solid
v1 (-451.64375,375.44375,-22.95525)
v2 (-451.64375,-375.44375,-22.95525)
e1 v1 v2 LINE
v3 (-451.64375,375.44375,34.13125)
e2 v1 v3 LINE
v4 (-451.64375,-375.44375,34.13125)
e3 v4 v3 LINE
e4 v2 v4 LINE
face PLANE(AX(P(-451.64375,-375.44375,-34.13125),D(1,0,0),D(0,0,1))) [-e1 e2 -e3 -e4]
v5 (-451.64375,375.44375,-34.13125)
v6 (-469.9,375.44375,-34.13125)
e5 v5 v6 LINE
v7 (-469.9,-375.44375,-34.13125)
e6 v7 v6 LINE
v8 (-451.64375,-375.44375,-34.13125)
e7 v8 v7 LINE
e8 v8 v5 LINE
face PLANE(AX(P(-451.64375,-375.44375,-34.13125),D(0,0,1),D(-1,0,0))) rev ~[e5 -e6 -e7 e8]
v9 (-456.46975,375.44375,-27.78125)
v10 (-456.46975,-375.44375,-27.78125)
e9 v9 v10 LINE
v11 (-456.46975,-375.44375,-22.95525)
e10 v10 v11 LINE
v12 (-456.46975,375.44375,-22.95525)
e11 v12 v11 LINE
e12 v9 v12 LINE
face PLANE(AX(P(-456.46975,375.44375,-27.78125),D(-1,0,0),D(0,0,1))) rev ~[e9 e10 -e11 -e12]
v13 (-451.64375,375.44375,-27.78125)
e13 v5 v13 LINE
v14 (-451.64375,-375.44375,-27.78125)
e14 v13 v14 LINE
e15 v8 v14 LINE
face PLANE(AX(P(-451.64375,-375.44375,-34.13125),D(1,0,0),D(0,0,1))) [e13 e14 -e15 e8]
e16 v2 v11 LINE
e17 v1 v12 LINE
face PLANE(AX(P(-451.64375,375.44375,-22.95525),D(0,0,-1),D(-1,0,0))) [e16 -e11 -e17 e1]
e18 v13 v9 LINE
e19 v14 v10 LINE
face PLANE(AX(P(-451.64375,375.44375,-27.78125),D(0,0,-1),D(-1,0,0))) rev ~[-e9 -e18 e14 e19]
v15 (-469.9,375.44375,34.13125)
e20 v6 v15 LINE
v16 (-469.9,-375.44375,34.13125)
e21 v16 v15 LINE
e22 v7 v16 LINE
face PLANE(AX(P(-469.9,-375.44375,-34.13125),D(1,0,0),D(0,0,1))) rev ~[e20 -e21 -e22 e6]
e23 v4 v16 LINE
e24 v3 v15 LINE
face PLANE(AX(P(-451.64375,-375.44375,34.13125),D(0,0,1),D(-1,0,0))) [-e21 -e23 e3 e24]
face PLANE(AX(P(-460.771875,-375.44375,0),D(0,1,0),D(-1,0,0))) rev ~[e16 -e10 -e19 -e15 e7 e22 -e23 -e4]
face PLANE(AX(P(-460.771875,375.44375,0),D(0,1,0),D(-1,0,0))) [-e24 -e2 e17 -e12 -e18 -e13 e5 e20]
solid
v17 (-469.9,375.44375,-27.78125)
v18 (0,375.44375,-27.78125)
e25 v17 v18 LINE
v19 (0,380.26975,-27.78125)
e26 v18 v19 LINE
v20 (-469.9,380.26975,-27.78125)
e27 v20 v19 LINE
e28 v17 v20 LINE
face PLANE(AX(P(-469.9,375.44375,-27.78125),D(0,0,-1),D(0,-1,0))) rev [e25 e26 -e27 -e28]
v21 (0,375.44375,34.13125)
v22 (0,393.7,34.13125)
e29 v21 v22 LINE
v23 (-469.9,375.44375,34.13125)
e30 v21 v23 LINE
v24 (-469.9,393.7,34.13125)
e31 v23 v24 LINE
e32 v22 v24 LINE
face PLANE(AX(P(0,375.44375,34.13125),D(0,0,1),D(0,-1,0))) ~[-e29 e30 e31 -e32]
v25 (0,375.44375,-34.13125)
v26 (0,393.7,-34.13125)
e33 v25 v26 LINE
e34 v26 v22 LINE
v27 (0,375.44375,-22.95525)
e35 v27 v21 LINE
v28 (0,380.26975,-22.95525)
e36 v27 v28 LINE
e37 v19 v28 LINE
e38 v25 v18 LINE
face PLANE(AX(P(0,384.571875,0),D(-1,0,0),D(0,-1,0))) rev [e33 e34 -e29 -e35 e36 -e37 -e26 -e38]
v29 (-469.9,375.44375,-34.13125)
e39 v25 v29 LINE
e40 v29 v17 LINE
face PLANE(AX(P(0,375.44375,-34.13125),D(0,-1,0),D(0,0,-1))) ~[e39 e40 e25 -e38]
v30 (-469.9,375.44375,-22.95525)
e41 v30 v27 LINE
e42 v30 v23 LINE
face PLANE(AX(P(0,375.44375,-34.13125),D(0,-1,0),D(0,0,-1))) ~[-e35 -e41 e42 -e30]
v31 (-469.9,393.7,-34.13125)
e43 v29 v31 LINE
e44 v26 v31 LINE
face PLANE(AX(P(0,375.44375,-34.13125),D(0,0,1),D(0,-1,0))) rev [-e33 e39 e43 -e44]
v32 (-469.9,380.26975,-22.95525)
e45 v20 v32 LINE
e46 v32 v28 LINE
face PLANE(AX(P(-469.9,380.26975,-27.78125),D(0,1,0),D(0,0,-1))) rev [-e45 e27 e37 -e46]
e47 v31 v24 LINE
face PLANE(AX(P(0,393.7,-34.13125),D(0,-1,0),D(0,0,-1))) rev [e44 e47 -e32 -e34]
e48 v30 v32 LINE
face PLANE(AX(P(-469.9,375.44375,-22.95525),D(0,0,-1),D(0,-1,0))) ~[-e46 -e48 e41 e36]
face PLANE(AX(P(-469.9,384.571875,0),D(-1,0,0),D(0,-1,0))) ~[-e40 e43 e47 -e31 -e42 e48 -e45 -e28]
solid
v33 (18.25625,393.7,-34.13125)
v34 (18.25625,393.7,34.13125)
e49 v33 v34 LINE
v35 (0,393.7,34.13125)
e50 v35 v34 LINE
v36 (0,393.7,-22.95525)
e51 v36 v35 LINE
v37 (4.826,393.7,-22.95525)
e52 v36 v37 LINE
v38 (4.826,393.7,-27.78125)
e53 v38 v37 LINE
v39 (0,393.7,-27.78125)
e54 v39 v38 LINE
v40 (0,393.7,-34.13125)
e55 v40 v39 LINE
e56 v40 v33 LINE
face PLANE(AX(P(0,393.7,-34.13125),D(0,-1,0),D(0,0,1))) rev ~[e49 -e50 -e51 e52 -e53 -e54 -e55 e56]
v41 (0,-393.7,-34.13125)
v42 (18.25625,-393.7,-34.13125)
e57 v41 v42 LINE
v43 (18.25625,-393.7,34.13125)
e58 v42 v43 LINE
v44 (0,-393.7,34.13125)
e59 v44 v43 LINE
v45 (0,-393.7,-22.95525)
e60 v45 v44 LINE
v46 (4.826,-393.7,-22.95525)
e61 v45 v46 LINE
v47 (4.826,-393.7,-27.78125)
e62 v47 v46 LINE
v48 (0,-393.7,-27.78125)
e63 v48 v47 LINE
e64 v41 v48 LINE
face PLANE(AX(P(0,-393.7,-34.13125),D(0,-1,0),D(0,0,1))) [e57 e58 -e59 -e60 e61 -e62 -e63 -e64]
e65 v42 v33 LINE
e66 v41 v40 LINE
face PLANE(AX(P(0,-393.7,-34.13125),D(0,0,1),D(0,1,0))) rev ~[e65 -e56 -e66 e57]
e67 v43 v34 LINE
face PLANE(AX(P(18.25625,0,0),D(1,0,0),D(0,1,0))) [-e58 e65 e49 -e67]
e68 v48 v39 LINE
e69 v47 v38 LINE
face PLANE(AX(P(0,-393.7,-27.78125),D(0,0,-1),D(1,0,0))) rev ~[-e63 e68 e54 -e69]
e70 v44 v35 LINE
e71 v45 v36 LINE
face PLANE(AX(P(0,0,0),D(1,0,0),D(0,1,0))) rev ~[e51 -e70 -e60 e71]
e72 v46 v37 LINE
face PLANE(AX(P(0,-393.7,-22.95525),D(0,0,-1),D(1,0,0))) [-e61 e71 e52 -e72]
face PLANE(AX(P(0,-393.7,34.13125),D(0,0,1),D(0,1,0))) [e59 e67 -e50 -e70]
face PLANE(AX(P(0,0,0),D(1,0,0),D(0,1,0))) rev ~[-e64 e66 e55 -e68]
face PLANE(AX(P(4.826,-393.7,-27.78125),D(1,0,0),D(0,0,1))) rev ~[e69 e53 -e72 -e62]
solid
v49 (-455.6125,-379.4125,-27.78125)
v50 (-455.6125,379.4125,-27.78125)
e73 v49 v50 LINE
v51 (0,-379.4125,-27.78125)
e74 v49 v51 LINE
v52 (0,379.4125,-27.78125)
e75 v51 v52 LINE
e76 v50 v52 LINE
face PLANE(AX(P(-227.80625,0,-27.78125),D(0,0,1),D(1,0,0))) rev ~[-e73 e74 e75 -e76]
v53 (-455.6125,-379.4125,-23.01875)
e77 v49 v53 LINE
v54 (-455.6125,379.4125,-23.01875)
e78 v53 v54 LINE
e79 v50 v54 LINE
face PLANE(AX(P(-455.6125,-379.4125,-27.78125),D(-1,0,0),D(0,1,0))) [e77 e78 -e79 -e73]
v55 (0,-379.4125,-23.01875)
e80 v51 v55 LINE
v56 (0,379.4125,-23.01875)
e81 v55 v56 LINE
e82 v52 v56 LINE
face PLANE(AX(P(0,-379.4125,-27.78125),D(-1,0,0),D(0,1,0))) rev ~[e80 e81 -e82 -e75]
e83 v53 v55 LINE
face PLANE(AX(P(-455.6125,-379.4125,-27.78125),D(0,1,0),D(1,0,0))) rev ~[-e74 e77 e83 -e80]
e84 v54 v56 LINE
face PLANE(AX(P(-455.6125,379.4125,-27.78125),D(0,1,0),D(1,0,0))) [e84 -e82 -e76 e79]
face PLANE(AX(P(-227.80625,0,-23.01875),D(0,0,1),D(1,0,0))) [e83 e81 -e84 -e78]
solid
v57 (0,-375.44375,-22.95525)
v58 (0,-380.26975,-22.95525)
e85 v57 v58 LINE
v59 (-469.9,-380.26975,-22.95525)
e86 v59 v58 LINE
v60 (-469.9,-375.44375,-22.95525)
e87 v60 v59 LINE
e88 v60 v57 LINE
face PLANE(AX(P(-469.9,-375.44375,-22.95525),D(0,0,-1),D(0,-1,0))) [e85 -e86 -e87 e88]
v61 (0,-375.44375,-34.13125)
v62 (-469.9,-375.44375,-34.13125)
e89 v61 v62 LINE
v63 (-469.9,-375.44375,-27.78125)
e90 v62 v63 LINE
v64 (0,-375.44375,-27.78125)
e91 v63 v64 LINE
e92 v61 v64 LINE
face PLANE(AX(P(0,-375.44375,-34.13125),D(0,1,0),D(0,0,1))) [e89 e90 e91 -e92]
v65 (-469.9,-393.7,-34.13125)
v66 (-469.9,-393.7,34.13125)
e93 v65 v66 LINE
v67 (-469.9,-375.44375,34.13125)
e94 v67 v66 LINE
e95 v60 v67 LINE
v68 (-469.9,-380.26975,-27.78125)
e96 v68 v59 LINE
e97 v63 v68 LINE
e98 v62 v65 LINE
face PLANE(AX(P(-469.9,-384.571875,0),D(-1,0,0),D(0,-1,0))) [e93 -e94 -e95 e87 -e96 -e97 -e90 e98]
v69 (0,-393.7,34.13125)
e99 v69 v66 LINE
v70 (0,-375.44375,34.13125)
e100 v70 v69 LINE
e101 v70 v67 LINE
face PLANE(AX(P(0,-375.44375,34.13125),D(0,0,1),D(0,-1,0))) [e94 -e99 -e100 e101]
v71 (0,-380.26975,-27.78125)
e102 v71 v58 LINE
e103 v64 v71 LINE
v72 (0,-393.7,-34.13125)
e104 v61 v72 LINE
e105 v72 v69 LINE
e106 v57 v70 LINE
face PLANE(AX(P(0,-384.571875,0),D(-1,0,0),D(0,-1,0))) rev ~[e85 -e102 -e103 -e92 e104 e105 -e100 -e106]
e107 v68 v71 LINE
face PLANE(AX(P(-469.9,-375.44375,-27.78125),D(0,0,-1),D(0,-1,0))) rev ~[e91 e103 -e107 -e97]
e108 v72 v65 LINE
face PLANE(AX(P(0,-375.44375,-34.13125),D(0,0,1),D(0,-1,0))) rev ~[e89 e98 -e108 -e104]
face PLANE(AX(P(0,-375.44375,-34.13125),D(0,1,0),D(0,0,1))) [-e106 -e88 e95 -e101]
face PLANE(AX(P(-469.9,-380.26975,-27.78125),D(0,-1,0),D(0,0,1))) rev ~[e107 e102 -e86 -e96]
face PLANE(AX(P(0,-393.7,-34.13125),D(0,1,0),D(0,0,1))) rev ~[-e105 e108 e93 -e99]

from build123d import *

# Parameters (mm, degrees)
F0_W      = 787.4
F0_H      = 68.2625
F1_DEPTH  = 18.25625
F2_W      = 18.25625
F2_H      = 68.2625
F3_DEPTH  = 469.9
F4_W      = 4.826
F4_H      = 4.826
F5_DEPTH  = 787.401
F6_W      = 4.826
F6_H      = 4.826
F7_DEPTH  = 469.9
F9_W      = 18.25625
F9_H      = 68.2625
F10_DEPTH = 750.8875
F11_W     = 4.826
F11_H     = 4.826
F12_DEPTH = 750.8875
F13_W     = 455.6125
F13_H     = 758.825
F14_DEPTH = 4.7625


with BuildPart() as f1:
    # F0 (on Right) → F1 (new body)
    with BuildSketch(Plane.YZ):
        Rectangle(F0_W, F0_H)
    extrude(amount=F1_DEPTH)

    # F4 (on face) → F5 (cut, through all)
    with BuildSketch(Plane.XZ.offset(393.7)):
        with Locations((2.413, -25.36825)):
            Rectangle(F4_W, F4_H)
    extrude(amount=-F5_DEPTH, mode=Mode.SUBTRACT)


with BuildPart() as f3:
    # F2 (on face) → F3 (new body)
    with BuildSketch(Plane(origin=(0, 0, 0), x_dir=(0, -1, 0), z_dir=(-1, 0, 0))):
        with Locations((384.571875, 0)):
            Rectangle(F2_W, F2_H)
    extrude(amount=F3_DEPTH)

    # F6 (on face) → F7 (cut, through all)
    with BuildSketch(Plane(origin=(-469.9, 0, 0), x_dir=(0, -1, 0), z_dir=(-1, 0, 0))):
        with Locations((377.85675, -25.36825)):
            Rectangle(F6_W, F6_H)
    extrude(amount=-F7_DEPTH, mode=Mode.SUBTRACT)


with BuildPart() as f8_1:
    # F8: instance of F3
    add(f3.part.mirror(Plane.XZ))


with BuildPart() as f10:
    # F9 (on face) → F10 (new body, through all)
    with BuildSketch(Plane(origin=(0, -375.44375, 0), x_dir=(-1, 0, 0), z_dir=(0, 1, 0))):
        with Locations((460.771875, 0)):
            Rectangle(F9_W, F9_H)
    extrude(amount=F10_DEPTH)

    # F11 (on face) → F12 (cut, through all)
    with BuildSketch(Plane(origin=(0, 375.44375, 0), x_dir=(-1, 0, 0), z_dir=(0, 1, 0))):
        with Locations((454.05675, -25.36825)):
            Rectangle(F11_W, F11_H)
    extrude(amount=-F12_DEPTH, mode=Mode.SUBTRACT)


with BuildPart() as f14:
    # F13 (on face) → F14 (new body)
    with BuildSketch(Plane.XY.offset(-27.78125)):
        with Locations((-227.80625, 0)):
            Rectangle(F13_W, F13_H)
    extrude(amount=F14_DEPTH)


solid = Compound([f1.part, f3.part, f8_1.part, f10.part, f14.part])
